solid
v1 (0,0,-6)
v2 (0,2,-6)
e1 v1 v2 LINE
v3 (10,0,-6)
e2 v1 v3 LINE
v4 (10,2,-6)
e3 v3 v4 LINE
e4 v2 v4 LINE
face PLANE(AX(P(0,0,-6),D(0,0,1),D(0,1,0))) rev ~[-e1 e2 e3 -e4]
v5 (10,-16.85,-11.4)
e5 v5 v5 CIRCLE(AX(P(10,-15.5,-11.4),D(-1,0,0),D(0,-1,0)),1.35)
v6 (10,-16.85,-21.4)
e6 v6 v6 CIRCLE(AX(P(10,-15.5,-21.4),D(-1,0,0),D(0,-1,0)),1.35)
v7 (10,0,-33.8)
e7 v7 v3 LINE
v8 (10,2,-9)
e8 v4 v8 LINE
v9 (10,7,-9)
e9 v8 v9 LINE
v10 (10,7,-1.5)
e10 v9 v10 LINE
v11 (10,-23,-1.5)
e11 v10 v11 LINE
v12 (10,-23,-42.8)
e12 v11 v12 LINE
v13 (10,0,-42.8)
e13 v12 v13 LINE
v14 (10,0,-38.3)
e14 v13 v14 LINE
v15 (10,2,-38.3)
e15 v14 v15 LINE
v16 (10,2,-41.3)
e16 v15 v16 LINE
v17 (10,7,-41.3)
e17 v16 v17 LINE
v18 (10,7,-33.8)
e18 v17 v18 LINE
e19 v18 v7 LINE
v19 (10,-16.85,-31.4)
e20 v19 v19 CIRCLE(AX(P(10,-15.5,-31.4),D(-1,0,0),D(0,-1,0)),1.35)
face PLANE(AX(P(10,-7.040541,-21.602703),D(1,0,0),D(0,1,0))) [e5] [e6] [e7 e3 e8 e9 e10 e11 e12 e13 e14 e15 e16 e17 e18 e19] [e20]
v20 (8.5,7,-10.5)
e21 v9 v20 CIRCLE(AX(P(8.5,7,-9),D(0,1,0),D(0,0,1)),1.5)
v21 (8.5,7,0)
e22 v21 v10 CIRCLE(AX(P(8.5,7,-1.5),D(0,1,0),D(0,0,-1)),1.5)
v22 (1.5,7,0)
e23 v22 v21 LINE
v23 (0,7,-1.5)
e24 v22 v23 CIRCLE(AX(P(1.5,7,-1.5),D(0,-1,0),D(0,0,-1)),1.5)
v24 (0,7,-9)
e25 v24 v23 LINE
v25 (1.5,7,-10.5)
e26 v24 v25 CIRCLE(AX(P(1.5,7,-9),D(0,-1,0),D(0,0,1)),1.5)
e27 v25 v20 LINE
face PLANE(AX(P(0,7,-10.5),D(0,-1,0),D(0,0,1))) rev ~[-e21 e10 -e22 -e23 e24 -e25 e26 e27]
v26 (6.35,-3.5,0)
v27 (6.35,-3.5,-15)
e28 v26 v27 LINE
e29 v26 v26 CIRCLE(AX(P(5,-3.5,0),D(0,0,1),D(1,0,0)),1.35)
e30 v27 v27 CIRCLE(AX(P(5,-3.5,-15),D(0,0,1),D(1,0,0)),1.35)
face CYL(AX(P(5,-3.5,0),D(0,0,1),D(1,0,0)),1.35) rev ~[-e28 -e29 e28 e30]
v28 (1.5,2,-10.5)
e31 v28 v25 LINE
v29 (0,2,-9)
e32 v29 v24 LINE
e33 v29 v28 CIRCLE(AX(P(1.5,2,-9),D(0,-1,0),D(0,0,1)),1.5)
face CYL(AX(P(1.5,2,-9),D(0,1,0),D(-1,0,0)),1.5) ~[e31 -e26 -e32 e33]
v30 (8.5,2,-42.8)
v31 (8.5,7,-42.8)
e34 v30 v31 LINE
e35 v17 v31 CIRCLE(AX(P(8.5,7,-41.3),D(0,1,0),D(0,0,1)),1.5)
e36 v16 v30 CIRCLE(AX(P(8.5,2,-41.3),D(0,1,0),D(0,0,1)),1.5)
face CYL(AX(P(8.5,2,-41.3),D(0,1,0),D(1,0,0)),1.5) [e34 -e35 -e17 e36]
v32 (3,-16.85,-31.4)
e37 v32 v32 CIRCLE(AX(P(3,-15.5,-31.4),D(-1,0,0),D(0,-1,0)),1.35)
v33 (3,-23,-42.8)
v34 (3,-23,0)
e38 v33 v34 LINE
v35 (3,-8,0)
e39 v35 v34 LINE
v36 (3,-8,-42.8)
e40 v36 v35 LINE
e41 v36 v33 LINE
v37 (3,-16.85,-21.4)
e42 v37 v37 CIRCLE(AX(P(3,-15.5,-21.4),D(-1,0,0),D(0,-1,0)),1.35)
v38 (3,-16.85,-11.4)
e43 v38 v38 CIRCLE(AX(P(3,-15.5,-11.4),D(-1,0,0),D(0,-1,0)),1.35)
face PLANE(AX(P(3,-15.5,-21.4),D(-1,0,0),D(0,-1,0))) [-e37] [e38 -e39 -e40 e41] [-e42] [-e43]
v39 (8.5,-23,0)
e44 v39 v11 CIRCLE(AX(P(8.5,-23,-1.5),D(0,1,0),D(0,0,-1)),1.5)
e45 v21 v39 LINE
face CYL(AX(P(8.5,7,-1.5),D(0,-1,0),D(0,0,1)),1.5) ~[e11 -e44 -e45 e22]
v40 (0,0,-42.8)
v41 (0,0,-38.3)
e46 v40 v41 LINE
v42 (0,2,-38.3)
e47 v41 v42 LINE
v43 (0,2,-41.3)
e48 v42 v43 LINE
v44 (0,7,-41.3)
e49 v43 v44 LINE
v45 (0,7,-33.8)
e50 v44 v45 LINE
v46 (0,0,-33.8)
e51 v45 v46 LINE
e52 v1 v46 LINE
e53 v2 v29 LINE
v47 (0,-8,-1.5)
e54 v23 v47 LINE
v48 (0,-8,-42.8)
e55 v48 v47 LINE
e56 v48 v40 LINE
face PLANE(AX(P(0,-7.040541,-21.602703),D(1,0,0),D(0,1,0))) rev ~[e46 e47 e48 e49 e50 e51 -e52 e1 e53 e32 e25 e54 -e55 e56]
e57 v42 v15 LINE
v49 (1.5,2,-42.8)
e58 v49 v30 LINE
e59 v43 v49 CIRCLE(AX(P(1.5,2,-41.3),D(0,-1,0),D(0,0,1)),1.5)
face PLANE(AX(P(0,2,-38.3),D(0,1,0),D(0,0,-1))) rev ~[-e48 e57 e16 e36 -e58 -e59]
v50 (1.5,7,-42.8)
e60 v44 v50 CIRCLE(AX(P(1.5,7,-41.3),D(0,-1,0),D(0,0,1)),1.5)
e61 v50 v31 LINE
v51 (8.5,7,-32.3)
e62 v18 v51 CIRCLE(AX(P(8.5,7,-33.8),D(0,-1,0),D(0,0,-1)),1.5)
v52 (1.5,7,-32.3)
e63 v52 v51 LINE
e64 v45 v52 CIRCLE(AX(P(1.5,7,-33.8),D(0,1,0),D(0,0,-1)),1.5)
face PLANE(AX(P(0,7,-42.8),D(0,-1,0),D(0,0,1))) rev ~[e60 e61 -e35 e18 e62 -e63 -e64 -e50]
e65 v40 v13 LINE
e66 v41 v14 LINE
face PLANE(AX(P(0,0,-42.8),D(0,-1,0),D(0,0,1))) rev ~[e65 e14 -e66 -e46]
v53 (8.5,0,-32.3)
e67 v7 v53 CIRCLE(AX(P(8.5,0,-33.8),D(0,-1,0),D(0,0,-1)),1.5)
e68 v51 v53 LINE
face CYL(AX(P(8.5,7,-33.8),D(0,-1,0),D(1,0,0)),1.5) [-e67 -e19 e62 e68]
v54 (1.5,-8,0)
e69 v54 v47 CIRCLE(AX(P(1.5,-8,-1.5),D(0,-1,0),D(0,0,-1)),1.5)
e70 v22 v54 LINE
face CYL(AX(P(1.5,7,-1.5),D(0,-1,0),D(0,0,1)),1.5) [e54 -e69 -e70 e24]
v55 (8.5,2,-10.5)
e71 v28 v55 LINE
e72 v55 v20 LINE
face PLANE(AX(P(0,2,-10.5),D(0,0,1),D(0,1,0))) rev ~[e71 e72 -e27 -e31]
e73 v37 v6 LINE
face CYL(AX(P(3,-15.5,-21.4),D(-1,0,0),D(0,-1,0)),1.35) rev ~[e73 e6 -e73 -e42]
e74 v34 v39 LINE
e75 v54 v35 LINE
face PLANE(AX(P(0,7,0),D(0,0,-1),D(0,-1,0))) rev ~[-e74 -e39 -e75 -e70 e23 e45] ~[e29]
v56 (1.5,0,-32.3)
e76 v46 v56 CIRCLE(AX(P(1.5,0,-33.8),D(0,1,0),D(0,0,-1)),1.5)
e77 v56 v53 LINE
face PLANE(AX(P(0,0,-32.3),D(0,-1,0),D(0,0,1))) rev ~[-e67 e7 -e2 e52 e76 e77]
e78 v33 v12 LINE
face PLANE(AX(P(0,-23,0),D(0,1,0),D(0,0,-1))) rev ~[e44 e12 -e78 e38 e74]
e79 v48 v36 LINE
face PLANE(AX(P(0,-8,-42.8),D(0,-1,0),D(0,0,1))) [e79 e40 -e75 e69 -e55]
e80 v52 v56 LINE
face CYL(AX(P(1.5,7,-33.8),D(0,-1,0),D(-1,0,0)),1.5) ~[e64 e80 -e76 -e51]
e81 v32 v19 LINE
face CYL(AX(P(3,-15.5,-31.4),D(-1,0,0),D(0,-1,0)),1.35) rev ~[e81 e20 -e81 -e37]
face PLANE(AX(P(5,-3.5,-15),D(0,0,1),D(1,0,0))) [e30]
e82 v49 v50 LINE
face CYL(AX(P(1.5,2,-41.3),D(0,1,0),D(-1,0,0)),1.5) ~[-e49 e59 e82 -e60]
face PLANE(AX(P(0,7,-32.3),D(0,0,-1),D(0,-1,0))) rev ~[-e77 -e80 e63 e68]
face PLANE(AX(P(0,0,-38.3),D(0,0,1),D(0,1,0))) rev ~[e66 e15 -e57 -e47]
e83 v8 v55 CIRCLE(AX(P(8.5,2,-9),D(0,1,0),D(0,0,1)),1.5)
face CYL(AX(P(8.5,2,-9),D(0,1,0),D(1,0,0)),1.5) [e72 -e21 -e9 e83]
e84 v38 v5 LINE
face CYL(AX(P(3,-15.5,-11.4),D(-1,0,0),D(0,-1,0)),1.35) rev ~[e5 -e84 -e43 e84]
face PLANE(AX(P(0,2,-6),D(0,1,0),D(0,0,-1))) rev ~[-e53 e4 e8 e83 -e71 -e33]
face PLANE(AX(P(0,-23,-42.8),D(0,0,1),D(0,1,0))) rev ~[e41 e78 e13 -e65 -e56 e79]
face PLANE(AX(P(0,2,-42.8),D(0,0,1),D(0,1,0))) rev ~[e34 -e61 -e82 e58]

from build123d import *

# Parameters (mm, degrees)
F1_DEPTH = 10
F2_R     = 1.35
F3_DEPTH = 15
F4_W     = 15
F4_H     = 42.8
F5_DEPTH = 3
F6_R     = 1.35
F7_DEPTH = 7.001
F8_R     = 1.5


with BuildPart() as f1:
    # F0 (on Right) → F1 (new body)
    with BuildSketch(Plane.YZ):
        Polygon((7, 0), (-23, 0), (-23, -42.8), (0, -42.8), (0, -38.3), (2, -38.3), (2, -42.8), (7, -42.8), (7, -32.3), (0, -32.3), (0, -6), (2, -6), (2, -10.5), (7, -10.5), align=None)
    extrude(amount=F1_DEPTH)

    # F2 (on face) → F3 (cut)
    with BuildSketch(Plane.XY):
        with Locations((5, -3.5)):
            Circle(F2_R)
    extrude(amount=-F3_DEPTH, mode=Mode.SUBTRACT)

    # F4 (on face) → F5 (cut)
    with BuildSketch(Plane(origin=(0, 0, 0), x_dir=(0, -1, 0), z_dir=(-1, 0, 0))):
        with Locations((15.5, -21.4)):
            Rectangle(F4_W, F4_H)
    extrude(amount=-F5_DEPTH, mode=Mode.SUBTRACT)

    # F6 (on face) → F7 (cut, through all)
    with BuildSketch(Plane(origin=(3, 0, 0), x_dir=(0, -1, 0), z_dir=(-1, 0, 0))):
        with Locations((15.5, -21.4)):
            Circle(F6_R)
        with Locations((15.5, -11.4)):
            Circle(F6_R)
        with Locations((15.5, -31.4)):
            Circle(F6_R)
    extrude(amount=-F7_DEPTH, mode=Mode.SUBTRACT)

    # F8
    f8_edges = [f1.edges().sort_by_distance(p)[0] for p in [
        (0, -0.5, 0),
        (10, -8, 0),
        (0, 4.5, -10.5),
        (0, 3.5, -32.3),
        (10, 3.5, -32.3),
        (10, 4.5, -10.5),
        (10, 4.5, -42.8),
        (0, 4.5, -42.8),
    ]]
    fillet(f8_edges, radius=F8_R)


solid = f1.part
